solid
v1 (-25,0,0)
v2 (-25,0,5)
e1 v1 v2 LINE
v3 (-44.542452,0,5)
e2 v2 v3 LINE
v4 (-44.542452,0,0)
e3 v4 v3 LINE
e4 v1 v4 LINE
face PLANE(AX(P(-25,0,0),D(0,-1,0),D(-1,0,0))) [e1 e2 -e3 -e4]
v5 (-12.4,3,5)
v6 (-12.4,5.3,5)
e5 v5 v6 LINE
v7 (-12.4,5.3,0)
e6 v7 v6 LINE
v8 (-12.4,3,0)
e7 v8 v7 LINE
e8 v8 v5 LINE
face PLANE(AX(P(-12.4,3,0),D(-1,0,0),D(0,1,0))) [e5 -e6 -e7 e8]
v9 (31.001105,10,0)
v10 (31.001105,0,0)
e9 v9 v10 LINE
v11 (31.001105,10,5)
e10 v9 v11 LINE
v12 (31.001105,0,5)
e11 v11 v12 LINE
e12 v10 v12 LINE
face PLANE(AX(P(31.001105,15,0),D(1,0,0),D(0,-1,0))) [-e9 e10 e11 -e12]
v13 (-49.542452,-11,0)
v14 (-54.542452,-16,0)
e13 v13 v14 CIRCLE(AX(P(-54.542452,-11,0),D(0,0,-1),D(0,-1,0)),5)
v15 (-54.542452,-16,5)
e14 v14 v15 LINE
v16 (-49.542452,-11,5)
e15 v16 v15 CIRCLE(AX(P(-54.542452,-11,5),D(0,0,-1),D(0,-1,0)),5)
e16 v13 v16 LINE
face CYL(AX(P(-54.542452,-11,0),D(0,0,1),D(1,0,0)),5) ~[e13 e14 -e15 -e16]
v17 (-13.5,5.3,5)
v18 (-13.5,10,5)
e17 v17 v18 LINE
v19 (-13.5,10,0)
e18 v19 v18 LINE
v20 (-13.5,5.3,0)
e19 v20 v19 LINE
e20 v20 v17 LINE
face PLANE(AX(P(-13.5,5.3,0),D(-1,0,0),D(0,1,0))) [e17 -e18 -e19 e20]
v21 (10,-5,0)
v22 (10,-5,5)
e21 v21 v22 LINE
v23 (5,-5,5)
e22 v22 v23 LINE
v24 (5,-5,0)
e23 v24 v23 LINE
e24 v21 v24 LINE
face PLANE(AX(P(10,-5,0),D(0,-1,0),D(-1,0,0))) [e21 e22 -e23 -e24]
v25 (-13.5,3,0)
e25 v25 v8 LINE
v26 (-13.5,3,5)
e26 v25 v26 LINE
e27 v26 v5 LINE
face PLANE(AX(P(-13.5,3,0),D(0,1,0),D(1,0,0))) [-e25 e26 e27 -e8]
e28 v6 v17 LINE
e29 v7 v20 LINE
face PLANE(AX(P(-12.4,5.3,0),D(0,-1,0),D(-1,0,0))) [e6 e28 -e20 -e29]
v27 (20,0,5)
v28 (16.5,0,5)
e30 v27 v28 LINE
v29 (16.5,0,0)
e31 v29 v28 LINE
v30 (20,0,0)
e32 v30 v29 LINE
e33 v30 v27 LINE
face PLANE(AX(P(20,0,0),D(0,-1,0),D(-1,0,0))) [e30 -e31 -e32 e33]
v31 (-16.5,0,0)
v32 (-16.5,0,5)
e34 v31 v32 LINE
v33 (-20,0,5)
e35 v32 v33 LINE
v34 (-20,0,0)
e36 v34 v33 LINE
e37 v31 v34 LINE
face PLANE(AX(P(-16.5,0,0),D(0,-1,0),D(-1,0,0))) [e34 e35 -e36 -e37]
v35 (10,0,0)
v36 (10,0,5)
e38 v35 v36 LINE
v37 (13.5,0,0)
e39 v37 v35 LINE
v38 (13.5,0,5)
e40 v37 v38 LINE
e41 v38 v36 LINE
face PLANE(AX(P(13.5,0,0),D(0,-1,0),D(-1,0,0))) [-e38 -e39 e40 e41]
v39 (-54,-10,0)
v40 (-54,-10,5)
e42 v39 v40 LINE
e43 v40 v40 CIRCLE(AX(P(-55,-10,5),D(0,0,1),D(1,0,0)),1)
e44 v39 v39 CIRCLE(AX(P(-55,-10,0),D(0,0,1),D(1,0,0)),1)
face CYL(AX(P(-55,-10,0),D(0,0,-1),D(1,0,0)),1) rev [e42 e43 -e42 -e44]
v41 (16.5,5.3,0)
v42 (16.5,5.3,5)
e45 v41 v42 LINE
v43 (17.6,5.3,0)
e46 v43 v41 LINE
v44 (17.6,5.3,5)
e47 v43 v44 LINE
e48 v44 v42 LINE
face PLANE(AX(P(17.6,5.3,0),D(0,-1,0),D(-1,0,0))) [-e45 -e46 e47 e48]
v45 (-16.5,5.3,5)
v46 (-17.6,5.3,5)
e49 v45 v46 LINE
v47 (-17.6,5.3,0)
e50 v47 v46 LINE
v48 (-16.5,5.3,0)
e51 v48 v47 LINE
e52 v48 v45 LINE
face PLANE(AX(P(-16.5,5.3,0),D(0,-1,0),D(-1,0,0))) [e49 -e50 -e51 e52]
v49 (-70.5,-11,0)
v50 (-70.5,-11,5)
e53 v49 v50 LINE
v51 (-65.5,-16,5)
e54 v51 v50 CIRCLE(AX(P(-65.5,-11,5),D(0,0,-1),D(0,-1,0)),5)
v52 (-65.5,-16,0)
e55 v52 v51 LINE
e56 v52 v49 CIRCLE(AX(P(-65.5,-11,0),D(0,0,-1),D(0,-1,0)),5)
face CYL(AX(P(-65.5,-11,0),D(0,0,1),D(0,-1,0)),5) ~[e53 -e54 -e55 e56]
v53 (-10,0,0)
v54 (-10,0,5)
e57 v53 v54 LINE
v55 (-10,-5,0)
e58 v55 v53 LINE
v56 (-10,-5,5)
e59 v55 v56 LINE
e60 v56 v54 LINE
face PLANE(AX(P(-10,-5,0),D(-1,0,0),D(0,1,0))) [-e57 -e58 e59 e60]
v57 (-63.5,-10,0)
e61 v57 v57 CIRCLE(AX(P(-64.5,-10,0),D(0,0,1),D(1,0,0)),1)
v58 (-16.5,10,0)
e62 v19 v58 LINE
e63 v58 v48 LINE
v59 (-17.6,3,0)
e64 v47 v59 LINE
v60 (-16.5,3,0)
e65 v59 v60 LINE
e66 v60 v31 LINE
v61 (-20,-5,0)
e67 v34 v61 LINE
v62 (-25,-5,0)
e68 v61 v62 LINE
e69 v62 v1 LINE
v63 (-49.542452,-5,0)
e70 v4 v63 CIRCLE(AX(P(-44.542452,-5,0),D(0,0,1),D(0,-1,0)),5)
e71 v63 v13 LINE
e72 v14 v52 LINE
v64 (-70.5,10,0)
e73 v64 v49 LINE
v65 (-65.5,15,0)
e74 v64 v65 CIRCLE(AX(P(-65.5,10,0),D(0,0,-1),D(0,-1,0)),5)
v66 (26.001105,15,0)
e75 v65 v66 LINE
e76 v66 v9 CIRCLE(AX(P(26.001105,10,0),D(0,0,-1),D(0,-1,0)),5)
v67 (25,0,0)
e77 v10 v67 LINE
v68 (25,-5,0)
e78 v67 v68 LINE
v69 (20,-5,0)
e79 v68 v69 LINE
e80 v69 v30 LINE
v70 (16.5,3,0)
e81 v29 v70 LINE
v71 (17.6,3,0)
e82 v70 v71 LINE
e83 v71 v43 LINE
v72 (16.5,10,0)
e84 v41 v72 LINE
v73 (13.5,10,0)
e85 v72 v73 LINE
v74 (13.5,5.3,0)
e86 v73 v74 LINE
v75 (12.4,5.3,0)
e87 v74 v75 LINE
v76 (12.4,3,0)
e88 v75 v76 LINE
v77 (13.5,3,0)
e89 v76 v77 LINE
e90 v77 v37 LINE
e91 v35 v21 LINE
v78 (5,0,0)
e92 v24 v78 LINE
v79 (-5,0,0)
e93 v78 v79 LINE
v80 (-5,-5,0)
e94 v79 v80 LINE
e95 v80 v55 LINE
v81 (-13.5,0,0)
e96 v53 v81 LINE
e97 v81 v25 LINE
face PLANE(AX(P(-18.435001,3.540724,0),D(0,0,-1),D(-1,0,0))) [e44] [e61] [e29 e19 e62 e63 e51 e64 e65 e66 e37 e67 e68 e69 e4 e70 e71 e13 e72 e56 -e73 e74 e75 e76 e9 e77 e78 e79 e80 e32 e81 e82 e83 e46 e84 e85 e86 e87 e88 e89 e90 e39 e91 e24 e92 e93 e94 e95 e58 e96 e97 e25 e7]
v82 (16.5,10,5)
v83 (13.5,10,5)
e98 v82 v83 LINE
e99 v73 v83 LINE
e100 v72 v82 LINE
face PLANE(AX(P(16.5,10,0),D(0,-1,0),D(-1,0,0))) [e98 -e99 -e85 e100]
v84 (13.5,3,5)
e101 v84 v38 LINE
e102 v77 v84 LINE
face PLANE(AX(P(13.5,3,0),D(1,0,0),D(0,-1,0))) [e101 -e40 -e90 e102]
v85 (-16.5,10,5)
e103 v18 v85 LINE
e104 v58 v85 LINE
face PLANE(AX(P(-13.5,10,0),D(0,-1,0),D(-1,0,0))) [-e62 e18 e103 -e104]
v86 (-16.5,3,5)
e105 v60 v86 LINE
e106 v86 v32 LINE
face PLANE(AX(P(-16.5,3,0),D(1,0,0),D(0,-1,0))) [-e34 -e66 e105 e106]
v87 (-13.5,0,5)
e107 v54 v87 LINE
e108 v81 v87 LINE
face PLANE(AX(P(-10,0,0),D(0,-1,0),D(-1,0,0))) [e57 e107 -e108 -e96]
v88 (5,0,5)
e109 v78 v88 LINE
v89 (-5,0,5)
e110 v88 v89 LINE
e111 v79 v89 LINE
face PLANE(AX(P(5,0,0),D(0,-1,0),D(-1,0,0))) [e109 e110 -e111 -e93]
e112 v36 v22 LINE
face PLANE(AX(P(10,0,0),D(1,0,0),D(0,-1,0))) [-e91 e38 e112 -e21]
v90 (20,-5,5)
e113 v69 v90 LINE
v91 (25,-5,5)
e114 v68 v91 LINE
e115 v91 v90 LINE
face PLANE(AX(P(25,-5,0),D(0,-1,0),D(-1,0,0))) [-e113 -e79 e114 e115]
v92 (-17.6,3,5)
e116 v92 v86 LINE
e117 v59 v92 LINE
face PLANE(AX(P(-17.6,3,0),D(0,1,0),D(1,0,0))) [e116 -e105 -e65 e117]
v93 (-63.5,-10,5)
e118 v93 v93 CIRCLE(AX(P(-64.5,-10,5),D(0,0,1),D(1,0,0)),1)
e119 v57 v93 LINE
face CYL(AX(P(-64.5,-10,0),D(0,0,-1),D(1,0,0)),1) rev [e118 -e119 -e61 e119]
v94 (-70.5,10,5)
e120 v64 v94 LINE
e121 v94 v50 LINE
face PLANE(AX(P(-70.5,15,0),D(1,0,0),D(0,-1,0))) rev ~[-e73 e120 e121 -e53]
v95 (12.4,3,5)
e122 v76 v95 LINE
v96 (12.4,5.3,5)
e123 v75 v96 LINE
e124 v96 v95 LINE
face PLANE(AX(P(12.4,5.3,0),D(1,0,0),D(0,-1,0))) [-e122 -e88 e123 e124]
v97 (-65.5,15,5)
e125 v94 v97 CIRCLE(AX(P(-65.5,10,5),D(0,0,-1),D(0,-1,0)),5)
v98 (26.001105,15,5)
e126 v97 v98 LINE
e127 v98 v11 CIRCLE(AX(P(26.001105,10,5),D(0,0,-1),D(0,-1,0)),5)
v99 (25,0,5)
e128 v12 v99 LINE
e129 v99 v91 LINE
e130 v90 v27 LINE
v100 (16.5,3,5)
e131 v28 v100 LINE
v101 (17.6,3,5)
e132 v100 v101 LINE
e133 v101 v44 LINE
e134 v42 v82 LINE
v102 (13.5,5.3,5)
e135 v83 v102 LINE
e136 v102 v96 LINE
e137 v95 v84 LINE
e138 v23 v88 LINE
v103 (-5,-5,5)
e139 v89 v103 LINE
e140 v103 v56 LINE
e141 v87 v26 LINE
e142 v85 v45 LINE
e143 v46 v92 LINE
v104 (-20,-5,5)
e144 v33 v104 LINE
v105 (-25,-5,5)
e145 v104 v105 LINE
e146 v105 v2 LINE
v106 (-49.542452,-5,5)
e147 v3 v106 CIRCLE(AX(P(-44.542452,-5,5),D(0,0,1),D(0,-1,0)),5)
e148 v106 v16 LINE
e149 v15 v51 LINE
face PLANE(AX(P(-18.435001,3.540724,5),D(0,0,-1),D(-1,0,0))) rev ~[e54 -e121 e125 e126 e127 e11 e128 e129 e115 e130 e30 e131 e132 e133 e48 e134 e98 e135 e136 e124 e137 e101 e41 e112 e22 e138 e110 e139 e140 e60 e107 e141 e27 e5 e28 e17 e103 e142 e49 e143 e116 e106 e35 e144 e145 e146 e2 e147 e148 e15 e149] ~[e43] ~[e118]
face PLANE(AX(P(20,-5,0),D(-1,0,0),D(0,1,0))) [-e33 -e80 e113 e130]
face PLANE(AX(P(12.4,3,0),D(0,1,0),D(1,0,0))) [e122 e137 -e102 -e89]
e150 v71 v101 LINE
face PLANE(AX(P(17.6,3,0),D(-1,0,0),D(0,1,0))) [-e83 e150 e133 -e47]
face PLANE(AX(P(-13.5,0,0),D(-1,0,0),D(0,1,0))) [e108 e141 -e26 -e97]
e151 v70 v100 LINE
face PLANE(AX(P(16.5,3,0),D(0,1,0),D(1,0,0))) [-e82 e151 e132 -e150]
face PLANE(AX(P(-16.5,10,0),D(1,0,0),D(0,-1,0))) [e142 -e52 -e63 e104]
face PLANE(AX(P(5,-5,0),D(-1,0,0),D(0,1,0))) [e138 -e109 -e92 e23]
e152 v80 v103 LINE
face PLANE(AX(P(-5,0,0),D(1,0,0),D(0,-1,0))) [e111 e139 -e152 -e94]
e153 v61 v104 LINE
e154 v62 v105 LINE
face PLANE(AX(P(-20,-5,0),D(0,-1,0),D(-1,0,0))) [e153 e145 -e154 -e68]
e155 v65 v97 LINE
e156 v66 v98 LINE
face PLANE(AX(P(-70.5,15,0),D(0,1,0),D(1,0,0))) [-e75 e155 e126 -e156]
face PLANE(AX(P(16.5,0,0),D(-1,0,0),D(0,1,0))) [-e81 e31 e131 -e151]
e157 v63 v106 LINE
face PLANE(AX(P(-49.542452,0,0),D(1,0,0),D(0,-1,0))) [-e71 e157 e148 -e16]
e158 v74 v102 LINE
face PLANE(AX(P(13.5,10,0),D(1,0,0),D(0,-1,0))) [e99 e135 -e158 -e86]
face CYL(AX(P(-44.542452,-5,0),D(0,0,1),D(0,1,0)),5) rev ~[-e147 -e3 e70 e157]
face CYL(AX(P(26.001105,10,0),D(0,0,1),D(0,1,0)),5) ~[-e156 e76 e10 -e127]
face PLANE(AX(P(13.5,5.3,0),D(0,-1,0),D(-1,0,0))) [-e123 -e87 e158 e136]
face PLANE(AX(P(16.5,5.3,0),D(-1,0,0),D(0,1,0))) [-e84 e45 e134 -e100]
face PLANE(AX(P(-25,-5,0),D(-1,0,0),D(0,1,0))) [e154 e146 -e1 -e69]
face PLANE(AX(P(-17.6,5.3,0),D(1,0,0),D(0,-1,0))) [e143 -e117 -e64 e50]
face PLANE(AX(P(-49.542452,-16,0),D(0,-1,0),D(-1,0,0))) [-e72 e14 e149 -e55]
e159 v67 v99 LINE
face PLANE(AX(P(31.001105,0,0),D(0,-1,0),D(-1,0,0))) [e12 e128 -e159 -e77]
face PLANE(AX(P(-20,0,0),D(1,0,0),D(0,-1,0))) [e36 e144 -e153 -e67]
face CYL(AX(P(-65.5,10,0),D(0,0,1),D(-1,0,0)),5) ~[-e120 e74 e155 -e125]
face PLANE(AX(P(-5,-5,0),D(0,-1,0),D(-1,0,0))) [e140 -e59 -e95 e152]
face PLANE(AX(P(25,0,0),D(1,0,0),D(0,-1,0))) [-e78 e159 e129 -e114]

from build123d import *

# Parameters (mm, degrees)
ESQUISSE1_R        = 1
BOSS_EXTRU_1_DEPTH = 5
CONG_1_R           = 5


with BuildPart() as part:
    # Esquisse1 → Boss.-Extru.1 (new body)
    with BuildSketch(Plane.XY):
        Polygon((-16.5, 0), (-20, 0), (-20, -5), (-25, -5), (-25, 0), (-49.542451618, 0), (-49.542451618, -16), (-70.5, -16), (-70.5, 0), (-70.5, 15), (31.001104841, 15), (31.001104841, 0), (25, 0), (25, -5), (20, -5), (20, 0), (16.5, 0), (16.5, 3), (17.6, 3), (17.6, 5.3), (16.5, 5.3), (16.5, 10), (13.5, 10), (13.5, 5.3), (12.4, 5.3), (12.4, 3), (13.5, 3), (13.5, 0), (10, 0), (10, -5), (5, -5), (5, 0), (-5, 0), (-5, -5), (-10, -5), (-10, 0), (-13.5, 0), (-13.5, 3), (-12.4, 3), (-12.4, 5.3), (-13.5, 5.3), (-13.5, 10), (-16.5, 10), (-16.5, 5.3), (-17.6, 5.3), (-17.6, 3), (-16.5, 3), align=None)
        with Locations((-64.5, -10)):
            Circle(ESQUISSE1_R, mode=Mode.SUBTRACT)
        with Locations((-55, -10)):
            Circle(ESQUISSE1_R, mode=Mode.SUBTRACT)
    extrude(amount=BOSS_EXTRU_1_DEPTH)

    # Congé1
    cong_1_edges = [part.edges().sort_by_distance(p)[0] for p in [
        (-49.542451618, 0, 2.5),
        (-49.542451618, -16, 2.5),
        (-70.5, -16, 2.5),
        (-70.5, 15, 2.5),
        (31.001104841, 15, 2.5),
    ]]
    fillet(cong_1_edges, radius=CONG_1_R)


solid = part.part
